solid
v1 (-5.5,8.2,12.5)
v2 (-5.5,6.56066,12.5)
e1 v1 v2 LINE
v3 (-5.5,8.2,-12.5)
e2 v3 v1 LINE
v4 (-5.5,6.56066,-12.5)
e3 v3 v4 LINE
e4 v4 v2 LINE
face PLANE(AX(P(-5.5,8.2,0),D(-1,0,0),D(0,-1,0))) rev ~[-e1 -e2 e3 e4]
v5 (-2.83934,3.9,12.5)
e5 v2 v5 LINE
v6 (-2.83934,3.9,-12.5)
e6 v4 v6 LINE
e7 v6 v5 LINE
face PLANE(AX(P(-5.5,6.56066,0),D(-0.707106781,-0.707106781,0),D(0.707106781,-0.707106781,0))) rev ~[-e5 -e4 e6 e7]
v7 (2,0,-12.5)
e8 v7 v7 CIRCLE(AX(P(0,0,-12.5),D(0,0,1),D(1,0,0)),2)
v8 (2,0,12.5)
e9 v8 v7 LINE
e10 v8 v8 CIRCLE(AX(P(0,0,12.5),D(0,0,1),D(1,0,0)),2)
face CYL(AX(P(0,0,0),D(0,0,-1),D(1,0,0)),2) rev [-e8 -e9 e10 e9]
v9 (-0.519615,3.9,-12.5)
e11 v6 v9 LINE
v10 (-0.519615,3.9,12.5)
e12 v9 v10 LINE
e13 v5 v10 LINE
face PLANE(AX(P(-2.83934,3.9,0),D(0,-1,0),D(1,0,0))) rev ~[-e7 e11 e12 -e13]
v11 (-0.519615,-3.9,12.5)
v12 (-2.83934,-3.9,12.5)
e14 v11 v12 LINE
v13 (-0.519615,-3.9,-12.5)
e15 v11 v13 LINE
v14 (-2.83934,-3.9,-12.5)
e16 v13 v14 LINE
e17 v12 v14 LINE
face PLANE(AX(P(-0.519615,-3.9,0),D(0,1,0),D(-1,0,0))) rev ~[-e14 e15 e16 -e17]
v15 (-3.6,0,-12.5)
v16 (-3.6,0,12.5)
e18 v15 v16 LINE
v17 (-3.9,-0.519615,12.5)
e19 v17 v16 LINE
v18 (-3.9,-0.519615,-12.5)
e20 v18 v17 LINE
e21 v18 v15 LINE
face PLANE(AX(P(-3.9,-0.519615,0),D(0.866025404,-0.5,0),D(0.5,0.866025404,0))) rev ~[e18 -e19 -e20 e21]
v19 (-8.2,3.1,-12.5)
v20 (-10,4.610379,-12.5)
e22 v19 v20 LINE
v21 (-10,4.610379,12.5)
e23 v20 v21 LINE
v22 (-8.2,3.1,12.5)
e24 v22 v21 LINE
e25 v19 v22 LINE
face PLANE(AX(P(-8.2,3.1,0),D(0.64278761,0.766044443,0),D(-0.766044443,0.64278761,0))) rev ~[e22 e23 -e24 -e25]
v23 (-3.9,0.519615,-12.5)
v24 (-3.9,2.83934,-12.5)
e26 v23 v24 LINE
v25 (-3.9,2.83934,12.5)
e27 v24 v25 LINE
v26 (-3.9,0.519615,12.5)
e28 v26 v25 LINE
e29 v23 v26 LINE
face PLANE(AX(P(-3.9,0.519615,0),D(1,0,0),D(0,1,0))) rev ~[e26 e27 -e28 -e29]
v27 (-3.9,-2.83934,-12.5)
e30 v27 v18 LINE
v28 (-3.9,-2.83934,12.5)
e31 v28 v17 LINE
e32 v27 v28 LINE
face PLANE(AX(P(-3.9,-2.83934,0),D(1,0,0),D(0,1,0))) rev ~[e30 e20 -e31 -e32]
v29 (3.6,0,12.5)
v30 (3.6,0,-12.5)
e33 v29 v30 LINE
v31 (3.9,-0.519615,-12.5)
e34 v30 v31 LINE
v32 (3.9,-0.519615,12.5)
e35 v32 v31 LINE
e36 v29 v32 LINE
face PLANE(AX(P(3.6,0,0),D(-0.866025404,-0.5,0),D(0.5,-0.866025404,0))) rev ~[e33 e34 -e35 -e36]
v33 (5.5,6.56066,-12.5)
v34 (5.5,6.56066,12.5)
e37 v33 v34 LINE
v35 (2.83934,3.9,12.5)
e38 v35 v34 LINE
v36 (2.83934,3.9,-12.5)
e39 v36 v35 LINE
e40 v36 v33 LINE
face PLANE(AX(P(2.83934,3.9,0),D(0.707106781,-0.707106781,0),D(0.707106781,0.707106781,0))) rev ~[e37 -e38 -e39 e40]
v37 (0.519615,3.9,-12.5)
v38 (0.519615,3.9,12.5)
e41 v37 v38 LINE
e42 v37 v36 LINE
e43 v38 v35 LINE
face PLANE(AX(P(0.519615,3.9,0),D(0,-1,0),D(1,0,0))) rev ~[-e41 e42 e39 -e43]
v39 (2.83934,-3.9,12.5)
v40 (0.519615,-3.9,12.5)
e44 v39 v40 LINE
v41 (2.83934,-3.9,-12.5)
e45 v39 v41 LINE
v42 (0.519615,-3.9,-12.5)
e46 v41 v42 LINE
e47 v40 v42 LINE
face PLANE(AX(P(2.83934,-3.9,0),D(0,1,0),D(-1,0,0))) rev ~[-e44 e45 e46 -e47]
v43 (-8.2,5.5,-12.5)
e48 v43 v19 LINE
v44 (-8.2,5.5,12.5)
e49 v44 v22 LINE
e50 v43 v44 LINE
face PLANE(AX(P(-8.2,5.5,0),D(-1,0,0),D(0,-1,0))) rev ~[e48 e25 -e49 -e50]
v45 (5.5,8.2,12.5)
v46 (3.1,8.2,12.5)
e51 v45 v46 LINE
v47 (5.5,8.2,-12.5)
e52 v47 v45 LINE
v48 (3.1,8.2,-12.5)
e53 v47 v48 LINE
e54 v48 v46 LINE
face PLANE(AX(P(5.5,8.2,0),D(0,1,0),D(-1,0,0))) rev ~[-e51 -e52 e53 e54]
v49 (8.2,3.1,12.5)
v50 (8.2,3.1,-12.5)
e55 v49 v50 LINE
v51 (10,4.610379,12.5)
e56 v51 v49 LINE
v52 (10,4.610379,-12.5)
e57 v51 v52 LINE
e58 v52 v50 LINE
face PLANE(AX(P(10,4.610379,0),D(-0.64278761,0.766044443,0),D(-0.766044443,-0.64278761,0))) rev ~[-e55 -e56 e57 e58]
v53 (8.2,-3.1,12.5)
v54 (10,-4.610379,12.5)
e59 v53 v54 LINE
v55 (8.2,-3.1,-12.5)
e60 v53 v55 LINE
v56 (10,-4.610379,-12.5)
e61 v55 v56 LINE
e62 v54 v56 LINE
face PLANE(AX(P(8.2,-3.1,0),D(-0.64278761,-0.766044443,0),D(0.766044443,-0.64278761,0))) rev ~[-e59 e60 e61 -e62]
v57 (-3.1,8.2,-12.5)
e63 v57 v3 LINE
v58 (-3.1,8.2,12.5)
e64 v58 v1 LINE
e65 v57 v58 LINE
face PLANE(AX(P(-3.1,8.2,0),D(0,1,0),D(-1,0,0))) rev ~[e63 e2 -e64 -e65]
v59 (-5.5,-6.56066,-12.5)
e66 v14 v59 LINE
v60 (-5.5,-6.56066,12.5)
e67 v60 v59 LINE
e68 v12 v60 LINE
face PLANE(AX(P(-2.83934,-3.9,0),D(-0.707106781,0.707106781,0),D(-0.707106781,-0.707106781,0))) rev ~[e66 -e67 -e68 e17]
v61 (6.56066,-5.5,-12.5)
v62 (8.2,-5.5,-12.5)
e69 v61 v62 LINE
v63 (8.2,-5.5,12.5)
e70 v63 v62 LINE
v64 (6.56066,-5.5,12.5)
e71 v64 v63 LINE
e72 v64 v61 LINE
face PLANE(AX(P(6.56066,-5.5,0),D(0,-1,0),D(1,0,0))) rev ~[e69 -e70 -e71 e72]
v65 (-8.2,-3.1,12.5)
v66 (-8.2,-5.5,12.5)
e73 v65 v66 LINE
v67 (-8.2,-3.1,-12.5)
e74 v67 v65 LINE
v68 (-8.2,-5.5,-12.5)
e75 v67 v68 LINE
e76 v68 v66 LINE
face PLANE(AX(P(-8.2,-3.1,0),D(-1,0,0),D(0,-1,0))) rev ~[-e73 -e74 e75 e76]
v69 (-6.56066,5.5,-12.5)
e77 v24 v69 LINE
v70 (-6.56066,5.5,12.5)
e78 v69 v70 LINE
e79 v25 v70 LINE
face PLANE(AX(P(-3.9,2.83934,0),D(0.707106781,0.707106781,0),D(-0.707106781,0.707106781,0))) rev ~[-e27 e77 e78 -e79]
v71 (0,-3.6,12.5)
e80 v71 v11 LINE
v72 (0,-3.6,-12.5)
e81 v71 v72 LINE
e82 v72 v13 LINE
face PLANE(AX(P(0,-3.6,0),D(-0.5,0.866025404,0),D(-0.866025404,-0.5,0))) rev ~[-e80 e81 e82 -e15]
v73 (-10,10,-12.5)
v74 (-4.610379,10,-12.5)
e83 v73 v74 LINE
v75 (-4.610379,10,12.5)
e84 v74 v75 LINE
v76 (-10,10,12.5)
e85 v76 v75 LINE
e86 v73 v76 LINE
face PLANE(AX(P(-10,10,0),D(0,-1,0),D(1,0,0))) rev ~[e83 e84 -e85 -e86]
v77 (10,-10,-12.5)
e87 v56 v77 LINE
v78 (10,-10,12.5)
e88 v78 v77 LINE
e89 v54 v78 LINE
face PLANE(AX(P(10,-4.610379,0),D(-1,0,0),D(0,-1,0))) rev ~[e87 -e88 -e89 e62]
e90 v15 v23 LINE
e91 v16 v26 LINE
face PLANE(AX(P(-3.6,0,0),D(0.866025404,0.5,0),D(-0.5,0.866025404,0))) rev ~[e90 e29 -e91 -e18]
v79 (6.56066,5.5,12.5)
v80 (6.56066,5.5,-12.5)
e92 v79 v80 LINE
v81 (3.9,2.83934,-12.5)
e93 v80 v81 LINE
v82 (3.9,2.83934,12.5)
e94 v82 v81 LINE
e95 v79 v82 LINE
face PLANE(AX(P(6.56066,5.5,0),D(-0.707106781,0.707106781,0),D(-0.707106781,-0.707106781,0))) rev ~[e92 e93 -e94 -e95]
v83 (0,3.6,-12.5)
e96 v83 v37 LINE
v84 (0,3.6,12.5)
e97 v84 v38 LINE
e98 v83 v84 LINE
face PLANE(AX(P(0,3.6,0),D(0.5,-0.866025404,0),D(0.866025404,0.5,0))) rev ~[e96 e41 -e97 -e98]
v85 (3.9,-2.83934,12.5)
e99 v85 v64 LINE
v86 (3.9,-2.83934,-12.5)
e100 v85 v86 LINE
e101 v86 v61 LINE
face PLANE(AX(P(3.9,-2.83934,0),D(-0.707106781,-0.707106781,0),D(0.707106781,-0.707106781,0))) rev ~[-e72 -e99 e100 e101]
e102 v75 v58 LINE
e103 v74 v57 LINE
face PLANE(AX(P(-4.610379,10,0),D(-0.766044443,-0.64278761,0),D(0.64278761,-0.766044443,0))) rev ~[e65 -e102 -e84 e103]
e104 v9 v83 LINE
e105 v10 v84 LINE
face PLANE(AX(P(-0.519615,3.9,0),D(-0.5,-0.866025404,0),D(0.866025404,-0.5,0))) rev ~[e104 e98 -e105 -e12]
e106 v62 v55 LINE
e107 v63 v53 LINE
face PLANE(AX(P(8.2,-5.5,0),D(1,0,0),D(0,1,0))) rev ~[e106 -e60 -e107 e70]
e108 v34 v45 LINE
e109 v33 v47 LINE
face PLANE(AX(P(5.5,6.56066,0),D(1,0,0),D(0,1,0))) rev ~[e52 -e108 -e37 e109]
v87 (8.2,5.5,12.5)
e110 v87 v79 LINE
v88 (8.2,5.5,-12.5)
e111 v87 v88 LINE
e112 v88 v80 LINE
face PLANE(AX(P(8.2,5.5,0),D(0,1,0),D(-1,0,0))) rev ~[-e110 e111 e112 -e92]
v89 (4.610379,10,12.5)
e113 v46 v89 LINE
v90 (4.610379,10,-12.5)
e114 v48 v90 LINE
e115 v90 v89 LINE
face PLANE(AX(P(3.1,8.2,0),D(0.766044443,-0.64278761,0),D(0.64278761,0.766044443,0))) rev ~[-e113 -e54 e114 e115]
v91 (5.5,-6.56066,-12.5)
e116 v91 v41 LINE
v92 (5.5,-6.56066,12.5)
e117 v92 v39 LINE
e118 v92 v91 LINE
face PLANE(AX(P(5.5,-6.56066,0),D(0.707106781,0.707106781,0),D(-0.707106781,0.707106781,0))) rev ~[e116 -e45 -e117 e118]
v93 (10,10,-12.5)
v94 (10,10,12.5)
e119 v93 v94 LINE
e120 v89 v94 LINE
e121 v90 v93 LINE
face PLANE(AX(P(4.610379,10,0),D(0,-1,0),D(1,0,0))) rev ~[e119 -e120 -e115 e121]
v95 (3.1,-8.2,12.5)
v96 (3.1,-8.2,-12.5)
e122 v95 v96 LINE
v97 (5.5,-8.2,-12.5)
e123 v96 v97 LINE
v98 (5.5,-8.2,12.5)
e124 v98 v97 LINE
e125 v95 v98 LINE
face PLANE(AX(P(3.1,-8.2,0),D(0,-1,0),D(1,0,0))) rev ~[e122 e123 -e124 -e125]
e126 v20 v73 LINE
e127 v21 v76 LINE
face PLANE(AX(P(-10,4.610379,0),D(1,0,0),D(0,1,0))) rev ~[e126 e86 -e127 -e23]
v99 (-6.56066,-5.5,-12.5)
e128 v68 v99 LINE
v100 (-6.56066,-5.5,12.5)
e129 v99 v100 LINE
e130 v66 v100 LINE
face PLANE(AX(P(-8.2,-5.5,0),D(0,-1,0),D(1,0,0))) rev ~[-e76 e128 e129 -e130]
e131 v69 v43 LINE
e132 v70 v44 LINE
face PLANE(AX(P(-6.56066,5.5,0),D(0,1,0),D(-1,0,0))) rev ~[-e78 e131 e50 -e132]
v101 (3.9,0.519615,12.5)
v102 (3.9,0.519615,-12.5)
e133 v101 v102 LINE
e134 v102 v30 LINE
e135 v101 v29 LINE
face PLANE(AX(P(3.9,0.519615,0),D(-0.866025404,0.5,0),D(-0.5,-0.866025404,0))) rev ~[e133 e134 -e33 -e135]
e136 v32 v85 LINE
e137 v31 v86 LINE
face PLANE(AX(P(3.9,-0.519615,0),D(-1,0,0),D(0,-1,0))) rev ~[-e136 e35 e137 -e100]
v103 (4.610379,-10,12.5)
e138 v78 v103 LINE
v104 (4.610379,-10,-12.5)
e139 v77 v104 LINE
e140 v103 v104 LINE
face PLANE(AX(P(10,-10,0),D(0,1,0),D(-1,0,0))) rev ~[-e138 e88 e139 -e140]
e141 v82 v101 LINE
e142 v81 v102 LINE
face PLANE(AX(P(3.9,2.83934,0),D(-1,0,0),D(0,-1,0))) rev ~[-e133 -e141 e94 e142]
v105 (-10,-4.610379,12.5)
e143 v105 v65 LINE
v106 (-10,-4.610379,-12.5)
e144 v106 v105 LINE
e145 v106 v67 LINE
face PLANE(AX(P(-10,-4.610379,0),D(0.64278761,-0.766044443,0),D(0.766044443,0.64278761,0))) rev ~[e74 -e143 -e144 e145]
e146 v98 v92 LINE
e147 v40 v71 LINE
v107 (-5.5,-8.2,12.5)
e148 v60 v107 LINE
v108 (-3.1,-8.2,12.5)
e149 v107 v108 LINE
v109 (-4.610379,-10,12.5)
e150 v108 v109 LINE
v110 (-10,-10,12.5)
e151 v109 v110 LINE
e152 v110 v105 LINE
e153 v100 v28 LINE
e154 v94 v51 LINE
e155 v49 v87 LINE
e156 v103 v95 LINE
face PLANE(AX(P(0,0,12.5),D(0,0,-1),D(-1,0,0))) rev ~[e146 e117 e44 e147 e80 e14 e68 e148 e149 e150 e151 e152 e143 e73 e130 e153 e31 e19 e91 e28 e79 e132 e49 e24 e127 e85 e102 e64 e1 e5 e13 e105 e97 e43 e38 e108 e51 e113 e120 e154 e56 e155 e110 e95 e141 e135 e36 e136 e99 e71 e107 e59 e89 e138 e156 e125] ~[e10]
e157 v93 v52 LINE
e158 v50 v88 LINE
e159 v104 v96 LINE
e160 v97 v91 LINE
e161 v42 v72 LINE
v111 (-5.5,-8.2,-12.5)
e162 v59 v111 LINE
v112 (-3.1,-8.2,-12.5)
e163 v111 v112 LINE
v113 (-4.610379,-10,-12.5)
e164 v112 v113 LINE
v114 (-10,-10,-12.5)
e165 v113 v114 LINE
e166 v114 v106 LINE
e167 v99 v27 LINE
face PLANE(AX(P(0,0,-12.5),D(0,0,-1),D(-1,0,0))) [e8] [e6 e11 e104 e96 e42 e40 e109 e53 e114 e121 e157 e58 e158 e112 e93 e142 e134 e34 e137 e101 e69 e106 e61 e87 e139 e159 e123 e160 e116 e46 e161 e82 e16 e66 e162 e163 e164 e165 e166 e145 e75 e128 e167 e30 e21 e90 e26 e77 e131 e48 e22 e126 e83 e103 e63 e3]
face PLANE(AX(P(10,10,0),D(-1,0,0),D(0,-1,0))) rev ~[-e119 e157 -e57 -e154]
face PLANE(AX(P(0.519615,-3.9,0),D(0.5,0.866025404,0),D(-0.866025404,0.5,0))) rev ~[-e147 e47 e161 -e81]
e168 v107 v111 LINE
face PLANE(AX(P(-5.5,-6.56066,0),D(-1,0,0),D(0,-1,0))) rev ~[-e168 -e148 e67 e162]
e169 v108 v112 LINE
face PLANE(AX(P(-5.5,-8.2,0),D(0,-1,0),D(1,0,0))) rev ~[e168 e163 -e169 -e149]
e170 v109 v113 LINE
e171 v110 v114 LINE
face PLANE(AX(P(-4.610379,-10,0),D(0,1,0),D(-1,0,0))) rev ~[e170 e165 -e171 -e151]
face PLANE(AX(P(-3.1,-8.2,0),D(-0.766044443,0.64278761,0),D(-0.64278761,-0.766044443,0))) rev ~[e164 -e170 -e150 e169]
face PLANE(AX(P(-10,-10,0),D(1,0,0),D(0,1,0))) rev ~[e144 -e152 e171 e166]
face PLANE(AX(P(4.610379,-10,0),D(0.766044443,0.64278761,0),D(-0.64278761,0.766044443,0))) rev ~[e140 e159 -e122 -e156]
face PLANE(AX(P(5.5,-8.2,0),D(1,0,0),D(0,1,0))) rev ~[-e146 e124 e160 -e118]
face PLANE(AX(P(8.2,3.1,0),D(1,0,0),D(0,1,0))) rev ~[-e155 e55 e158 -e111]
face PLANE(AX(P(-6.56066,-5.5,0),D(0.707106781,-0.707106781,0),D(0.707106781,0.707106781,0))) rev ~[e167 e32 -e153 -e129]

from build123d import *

# Parameters (mm, degrees)
SKETCH1_R           = 2
BOSS_EXTRUDE1_DEPTH = 12.5


with BuildPart() as part:
    # Sketch1 → Boss-Extrude1 (new body, symmetric)
    with BuildSketch(Plane.XY):
        Polygon((10, 10), (10, 4.610379336), (8.2, 3.1), (8.2, 5.5), (6.560660172, 5.5), (3.9, 2.839339828), (3.9, 0.519615242), (3.6, 0), (3.9, -0.519615242), (3.9, -2.839339828), (6.560660172, -5.5), (8.2, -5.5), (8.2, -3.1), (10, -4.610379336), (10, -10), (4.610379336, -10), (3.1, -8.2), (5.5, -8.2), (5.5, -6.560660172), (2.839339828, -3.9), (0.519615242, -3.9), (0, -3.6), (-0.519615242, -3.9), (-2.839339828, -3.9), (-5.5, -6.560660172), (-5.5, -8.2), (-3.1, -8.2), (-4.610379336, -10), (-10, -10), (-10, -4.610379336), (-8.2, -3.1), (-8.2, -5.5), (-6.560660172, -5.5), (-3.9, -2.839339828), (-3.9, -0.519615242), (-3.6, 0), (-3.9, 0.519615242), (-3.9, 2.839339828), (-6.560660172, 5.5), (-8.2, 5.5), (-8.2, 3.1), (-10, 4.610379336), (-10, 10), (-4.610379336, 10), (-3.1, 8.2), (-5.5, 8.2), (-5.5, 6.560660172), (-2.839339828, 3.9), (-0.519615242, 3.9), (0, 3.6), (0.519615242, 3.9), (2.839339828, 3.9), (5.5, 6.560660172), (5.5, 8.2), (3.1, 8.2), (4.610379336, 10), align=None)
        Circle(SKETCH1_R, mode=Mode.SUBTRACT)
    extrude(amount=BOSS_EXTRUDE1_DEPTH, both=True)


solid = part.part
